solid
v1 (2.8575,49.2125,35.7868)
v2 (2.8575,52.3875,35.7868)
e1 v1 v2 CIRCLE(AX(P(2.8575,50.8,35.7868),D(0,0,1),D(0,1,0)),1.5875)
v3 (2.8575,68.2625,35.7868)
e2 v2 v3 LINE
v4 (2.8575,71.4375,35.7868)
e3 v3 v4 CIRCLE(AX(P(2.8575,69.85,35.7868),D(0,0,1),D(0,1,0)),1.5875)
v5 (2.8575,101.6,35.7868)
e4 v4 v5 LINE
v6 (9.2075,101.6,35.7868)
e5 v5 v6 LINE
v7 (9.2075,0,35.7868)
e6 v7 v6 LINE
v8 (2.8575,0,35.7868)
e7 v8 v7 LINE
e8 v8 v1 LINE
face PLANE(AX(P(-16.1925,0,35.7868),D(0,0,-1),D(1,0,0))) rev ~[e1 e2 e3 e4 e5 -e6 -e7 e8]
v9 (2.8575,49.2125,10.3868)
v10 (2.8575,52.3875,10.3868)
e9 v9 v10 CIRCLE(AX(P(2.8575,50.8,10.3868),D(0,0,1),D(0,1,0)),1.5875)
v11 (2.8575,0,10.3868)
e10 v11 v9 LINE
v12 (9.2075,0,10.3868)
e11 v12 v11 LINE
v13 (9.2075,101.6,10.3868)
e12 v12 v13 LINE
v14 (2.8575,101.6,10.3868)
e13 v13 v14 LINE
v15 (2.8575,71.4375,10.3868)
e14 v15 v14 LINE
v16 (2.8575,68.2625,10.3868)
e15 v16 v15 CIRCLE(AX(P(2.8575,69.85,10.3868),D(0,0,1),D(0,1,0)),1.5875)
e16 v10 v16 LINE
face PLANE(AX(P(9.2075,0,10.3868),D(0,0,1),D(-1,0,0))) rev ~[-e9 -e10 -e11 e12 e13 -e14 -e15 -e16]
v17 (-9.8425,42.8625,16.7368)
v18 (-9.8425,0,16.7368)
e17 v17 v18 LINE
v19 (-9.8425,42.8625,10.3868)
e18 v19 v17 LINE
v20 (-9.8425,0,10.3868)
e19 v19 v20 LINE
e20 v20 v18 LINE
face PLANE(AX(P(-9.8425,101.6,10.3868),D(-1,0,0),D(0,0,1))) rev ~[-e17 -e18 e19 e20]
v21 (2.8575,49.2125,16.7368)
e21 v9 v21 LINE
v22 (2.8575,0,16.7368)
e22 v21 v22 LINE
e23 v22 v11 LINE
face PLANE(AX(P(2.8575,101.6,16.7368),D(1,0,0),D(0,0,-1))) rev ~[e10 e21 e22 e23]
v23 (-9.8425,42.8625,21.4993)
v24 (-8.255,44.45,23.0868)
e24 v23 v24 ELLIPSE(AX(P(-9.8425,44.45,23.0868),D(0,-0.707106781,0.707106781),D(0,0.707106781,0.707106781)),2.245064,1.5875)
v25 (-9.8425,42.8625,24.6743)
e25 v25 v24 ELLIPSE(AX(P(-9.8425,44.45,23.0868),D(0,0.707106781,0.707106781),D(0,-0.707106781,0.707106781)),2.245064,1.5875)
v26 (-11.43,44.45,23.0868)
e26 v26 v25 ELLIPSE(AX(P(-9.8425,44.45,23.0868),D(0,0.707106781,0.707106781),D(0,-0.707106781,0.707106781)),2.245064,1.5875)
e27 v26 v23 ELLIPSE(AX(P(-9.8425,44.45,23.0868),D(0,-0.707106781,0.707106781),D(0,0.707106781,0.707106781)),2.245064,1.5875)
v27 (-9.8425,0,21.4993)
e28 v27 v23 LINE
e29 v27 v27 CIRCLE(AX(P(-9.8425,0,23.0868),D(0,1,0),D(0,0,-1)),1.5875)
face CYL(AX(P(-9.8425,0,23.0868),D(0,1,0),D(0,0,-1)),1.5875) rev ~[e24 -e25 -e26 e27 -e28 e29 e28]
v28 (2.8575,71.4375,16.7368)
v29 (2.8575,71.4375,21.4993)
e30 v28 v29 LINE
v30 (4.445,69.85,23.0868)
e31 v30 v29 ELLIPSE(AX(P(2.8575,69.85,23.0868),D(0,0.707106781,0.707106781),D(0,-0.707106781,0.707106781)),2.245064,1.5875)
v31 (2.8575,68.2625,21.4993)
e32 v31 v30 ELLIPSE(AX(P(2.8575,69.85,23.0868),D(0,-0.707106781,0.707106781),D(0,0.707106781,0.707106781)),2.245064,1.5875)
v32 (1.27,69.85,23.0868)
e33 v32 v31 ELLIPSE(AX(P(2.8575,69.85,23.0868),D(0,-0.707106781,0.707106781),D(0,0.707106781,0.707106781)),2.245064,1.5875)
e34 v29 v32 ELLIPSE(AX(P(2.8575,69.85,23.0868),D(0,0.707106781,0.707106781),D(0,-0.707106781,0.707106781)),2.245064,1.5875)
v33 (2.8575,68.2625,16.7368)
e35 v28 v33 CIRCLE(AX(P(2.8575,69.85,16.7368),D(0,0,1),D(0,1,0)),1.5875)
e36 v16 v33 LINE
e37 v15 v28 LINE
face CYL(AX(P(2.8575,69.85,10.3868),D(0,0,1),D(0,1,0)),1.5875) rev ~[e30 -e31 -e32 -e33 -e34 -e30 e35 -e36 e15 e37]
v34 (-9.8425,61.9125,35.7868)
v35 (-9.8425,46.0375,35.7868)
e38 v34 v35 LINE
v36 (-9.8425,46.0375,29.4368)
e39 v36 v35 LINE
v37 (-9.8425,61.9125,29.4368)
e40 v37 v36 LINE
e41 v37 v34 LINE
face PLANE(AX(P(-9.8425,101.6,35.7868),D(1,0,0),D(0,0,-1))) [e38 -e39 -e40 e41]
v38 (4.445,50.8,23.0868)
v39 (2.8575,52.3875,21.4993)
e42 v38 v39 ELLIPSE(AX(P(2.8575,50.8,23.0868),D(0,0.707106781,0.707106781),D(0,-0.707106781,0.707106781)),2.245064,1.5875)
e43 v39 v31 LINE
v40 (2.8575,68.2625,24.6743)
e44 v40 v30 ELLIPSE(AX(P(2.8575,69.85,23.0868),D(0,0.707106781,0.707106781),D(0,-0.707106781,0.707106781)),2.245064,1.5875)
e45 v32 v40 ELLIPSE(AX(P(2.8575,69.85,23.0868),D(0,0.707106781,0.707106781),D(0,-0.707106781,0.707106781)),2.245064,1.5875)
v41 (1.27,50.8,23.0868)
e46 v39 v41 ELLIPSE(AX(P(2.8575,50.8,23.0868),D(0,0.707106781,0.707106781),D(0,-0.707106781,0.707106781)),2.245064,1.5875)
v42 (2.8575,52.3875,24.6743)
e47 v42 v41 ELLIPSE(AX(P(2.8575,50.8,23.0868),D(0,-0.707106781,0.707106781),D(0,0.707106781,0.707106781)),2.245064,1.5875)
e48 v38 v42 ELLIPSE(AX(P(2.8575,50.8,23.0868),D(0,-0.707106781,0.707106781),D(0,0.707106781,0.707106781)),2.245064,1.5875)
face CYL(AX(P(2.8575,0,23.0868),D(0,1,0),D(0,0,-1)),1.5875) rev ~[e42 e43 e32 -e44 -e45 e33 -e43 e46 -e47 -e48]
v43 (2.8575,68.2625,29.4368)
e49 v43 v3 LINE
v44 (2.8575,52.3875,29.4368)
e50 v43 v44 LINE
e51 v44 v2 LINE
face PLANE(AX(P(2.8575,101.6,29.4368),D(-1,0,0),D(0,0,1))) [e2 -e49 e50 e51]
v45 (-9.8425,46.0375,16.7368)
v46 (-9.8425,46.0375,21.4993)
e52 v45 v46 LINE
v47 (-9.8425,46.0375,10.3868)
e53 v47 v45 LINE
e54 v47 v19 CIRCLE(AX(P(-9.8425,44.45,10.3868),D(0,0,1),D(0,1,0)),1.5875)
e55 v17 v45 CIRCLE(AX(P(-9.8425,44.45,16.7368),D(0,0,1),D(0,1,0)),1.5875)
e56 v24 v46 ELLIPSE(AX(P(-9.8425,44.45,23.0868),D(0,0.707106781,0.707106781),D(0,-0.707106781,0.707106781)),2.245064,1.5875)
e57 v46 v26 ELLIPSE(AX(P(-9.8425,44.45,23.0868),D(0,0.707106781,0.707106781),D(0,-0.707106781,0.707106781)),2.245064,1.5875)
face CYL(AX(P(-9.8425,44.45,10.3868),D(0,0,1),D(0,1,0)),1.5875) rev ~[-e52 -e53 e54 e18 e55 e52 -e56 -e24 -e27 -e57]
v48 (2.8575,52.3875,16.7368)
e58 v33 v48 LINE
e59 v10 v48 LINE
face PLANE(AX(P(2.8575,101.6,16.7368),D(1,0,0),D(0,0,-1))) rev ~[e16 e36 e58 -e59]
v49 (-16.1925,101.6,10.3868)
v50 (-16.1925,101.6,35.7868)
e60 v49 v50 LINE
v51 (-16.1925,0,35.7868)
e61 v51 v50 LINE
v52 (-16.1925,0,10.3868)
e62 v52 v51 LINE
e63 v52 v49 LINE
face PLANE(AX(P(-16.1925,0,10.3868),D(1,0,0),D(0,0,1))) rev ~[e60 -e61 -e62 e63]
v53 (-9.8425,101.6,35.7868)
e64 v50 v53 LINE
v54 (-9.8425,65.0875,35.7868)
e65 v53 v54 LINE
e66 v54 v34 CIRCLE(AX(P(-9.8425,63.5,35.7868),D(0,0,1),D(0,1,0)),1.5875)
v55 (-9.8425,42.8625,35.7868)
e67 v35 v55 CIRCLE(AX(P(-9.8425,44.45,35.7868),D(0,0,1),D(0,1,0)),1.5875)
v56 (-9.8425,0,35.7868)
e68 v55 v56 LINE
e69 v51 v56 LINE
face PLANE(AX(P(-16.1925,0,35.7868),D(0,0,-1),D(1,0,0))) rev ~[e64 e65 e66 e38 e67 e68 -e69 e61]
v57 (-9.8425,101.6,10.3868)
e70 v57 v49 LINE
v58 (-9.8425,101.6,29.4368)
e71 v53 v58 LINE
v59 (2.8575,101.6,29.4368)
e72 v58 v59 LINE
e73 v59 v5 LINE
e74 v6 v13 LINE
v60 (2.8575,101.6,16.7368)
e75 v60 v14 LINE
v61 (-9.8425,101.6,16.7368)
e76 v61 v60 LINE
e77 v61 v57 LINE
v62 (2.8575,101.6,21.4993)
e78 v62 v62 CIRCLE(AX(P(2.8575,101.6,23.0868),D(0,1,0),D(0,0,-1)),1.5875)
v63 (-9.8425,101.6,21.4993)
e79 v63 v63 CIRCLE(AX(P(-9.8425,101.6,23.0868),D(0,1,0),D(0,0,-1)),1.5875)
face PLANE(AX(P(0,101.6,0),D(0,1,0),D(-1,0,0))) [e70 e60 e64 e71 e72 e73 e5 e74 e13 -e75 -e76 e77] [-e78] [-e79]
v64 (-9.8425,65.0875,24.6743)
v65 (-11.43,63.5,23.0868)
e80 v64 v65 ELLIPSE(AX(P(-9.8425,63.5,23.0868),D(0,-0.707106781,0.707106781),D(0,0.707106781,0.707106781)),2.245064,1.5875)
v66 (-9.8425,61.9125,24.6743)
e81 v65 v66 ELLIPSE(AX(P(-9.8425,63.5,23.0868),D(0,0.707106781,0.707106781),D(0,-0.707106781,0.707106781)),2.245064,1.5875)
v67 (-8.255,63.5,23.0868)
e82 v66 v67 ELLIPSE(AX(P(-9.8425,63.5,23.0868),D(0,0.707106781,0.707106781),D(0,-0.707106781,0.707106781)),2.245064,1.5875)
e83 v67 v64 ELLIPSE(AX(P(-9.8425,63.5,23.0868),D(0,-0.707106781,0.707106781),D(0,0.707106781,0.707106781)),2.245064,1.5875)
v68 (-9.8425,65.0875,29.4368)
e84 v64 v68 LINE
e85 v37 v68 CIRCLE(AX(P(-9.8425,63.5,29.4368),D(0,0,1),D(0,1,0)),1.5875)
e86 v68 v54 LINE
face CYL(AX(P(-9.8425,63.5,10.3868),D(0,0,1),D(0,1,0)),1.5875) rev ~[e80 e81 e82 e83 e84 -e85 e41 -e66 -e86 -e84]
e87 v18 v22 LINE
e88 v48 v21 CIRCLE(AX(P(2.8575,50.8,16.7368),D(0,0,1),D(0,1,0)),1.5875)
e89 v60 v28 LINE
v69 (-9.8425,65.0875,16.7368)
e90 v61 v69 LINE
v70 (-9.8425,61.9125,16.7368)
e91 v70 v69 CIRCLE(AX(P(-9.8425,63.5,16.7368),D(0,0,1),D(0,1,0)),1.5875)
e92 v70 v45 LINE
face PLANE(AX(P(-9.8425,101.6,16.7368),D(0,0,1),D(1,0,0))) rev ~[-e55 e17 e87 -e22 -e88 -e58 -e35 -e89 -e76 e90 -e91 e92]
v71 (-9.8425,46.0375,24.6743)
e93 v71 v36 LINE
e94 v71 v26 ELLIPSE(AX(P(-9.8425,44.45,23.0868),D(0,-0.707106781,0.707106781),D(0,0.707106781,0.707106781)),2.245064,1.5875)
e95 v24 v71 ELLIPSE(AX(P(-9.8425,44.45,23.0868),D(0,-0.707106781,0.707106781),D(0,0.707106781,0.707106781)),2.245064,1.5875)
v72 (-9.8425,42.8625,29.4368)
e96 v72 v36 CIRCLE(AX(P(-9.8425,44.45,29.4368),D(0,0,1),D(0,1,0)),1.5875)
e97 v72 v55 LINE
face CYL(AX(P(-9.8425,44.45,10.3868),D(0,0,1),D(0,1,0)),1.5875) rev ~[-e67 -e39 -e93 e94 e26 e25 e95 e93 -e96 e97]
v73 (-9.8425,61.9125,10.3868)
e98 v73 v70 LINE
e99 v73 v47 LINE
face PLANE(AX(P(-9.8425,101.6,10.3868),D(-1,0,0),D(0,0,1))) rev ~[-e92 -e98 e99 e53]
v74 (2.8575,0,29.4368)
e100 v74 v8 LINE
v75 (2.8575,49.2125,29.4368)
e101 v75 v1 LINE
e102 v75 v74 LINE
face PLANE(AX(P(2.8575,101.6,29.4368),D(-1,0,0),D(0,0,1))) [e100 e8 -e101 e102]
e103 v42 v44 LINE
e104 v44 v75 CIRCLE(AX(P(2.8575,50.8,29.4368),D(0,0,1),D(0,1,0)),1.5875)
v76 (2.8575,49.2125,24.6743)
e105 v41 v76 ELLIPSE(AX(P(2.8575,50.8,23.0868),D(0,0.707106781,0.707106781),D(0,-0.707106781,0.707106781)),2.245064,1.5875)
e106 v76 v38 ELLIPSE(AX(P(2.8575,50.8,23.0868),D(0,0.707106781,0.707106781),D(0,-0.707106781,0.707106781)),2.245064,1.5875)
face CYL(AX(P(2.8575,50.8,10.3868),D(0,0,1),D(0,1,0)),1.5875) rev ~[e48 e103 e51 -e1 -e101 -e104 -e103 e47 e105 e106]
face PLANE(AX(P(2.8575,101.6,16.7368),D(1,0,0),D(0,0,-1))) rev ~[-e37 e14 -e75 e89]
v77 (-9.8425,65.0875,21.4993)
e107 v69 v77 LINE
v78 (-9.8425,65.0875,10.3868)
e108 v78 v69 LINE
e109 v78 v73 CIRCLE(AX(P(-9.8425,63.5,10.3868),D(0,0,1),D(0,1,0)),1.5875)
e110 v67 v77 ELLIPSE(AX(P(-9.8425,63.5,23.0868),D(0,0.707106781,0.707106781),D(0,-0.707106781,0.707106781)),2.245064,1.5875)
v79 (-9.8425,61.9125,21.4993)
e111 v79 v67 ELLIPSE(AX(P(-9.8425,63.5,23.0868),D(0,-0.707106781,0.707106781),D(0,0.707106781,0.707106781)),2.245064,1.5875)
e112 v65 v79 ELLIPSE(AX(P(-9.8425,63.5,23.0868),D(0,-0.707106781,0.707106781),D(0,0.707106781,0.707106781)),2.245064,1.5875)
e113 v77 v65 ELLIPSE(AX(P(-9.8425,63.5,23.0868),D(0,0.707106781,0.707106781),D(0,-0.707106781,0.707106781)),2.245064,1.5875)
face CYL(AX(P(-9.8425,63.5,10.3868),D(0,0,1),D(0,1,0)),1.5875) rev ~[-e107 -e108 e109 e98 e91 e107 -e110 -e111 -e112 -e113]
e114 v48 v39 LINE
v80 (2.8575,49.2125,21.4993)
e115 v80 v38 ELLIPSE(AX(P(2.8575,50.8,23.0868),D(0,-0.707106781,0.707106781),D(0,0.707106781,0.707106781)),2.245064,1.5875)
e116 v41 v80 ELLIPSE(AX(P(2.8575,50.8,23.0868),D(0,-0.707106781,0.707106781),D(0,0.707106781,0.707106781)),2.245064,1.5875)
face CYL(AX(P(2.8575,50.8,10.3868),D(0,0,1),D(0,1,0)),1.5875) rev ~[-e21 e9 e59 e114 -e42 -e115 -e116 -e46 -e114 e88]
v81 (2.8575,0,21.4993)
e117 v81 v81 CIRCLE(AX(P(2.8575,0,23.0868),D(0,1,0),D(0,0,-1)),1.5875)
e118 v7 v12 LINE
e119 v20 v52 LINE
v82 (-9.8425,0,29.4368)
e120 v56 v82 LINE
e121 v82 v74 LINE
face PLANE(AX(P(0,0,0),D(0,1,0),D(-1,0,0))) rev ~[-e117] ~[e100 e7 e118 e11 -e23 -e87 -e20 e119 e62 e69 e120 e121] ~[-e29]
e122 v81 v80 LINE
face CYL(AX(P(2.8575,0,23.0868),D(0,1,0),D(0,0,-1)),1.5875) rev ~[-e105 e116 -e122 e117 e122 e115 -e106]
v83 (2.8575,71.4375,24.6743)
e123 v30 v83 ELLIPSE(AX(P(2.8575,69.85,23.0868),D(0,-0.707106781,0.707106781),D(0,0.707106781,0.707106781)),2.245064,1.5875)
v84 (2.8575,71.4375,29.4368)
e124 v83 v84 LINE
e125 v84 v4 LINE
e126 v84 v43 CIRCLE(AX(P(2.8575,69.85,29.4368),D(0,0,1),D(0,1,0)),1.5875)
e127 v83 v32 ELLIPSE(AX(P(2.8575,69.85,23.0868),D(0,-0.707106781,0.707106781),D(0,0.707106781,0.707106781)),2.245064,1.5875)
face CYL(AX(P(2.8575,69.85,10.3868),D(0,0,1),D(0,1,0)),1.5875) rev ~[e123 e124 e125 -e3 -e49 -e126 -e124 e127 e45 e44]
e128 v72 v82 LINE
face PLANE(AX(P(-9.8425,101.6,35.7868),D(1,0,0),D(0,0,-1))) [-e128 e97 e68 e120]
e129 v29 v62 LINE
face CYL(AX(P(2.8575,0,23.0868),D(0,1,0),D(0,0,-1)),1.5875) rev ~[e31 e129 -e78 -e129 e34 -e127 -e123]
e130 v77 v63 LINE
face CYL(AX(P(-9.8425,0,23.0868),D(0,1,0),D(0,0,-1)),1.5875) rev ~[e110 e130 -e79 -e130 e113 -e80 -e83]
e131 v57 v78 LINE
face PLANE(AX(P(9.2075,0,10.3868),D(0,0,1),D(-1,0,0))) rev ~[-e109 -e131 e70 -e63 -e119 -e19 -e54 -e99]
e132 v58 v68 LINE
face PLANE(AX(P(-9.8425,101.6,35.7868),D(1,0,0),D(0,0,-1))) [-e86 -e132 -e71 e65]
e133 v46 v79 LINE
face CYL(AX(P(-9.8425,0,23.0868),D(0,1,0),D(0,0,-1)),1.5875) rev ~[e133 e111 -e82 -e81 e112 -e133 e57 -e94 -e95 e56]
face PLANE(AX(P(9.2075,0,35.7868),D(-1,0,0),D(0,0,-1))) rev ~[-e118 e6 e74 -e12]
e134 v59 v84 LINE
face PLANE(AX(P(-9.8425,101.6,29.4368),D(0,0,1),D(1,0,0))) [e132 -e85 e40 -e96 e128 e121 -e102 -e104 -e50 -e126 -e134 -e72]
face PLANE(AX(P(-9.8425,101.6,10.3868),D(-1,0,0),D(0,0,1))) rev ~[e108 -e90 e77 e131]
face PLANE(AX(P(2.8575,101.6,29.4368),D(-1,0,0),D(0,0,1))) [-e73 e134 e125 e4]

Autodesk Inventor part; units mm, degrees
ref_plane "YZ Plane" through (0, 0, 0) normal (1, 0, 0) x (0, 1, 0)
ref_plane "XZ Plane" through (0, 0, 0) normal (0, 1, 0) x (-1, 0, 0)
ref_plane "XY Plane" through (0, 0, 0) normal (0, 0, 1) x (1, 0, 0)
sketch "Sketch1" plane through (0, 0, 0) normal (0, 1, 0) x (-1, 0, 0)
  line L0 (16.1925, 35.7868) -> (-9.2075, 35.7868)
  line L1 (-9.2075, 35.7868) -> (-9.2075, 10.3868)
  line L2 (-9.2075, 10.3868) -> (16.1925, 10.3868)
  line L3 (16.1925, 10.3868) -> (16.1925, 35.7868)
  point P0 (0, 0)
  dimension "d0" = 25.4
  dimension "d1" = 25.4
extrude "Extrusion1" add sketch "Sketch1" along normal blind 101.6
sketch "Sketch2" plane through (0, 101.6, 0) normal (0, 1, 0) x (1, 0, 0)
  line L0 (-9.8425, -16.7368) -> (2.8575, -16.7368)
  line L1 (2.8575, -16.7368) -> (2.8575, -1.003)
  line L2 (2.8575, -1.003) -> (-9.8425, -1.003)
  line L3 (-9.8425, -1.003) -> (-9.8425, -16.7368)
  line L4 (9.2075, -35.7868) -> (9.2075, -10.3868) projected
  line L5 (-16.1925, -10.3868) -> (-16.1925, -35.7868) projected
  line L6 (9.2075, -10.3868) -> (-16.1925, -10.3868) projected
  point P0 (0, 0)
  dimension "d4" = 6.35
  dimension "d5" = 6.35
  dimension "d6" = 6.35
extrude "Extrusion2" cut sketch "Sketch2" against normal blind 508
sketch "Sketch4" plane through (0, 101.6, 0) normal (0, 1, 0) x (1, 0, 0)
  line L0 (-9.8425, -29.4368) -> (2.8575, -29.4368)
  line L1 (2.8575, -29.4368) -> (2.8575, -45.8861)
  line L2 (2.8575, -45.8861) -> (-9.8425, -45.8861)
  line L3 (-9.8425, -45.8861) -> (-9.8425, -29.4368)
  line L4 (-16.1925, -10.3868) -> (-16.1925, -35.7868) projected
  line L5 (9.2075, -35.7868) -> (9.2075, -10.3868) projected
  line L6 (-16.1925, -35.7868) -> (9.2075, -35.7868) projected
  point P0 (0, 0)
  dimension "d20" = 6.35
  dimension "d21" = 6.35
  dimension "d22" = 6.35
extrude "Extrusion3" cut sketch "Sketch4" against normal blind 508
sketch "Sketch5" plane through (9.2075, 0, 10.3868) normal (0, 0, -1) x (-1, 0, 0)
  line L0 (0, 0) -> (6.35, 0) projected
  line L1 (0, 0) -> (0, 101.6) projected
  line L2 (25.4, 0) -> (25.4, 101.6) projected
  line L3 (19.05, 0) -> (25.4, 0) projected
  point P0 (9.2075, 0)
  point P1 (19.05, 44.45)
  point P2 (6.35, 50.8)
  dimension "d25" = 50.8
  dimension "d27" = 6.35
  dimension "d28" = 44.45
  dimension "d60" = 19.05
hole "Hole2" at (-9.8425, 44.45, 10.3868) at (2.8575, 50.8, 10.3868) direction (0, 0, 1) diameter 3.175 end through all
sketch "Sketch6" plane through (-16.1925, 0, 10.3868) normal (0, 0, -1) x (-1, 0, 0)
  line L0 (-6.35, 101.6) -> (-6.35, 46.0375) projected
  line L1 (-25.4, 101.6) -> (-19.05, 101.6) projected
  line L2 (-25.4, 0) -> (-25.4, 101.6) projected
  line L3 (-6.35, 101.6) -> (0, 101.6) projected
  line L4 (0, 0) -> (0, 101.6) projected
  arc A0 (-19.05, 49.2125) -> (-19.05, 52.3875) centre (-19.05, 50.8) ccw projected
  arc A1 (-6.35, 46.0375) -> (-6.35, 42.8625) centre (-6.35, 44.45) ccw projected
  point P0 (-16.1925, 0)
  point P1 (-19.05, 69.85)
  point P2 (-6.35, 63.5)
  dimension "d58" = 6.35
  dimension "d59" = 19.05
  dimension "d61" = 19.05
  dimension "d62" = 19.05
hole "Hole3" at (2.8575, 69.85, 10.3868) at (-9.8425, 63.5, 10.3868) direction (0, 0, 1) diameter 3.175 end through all
sketch "Sketch7" plane through (0, 0, 0) normal (0, -1, 0) x (1, 0, 0)
  line L0 (2.8575, 35.7868) -> (9.2075, 35.7868) projected
  line L1 (9.2075, 35.7868) -> (9.2075, 10.3868) projected
  line L2 (-16.1925, 10.3868) -> (-16.1925, 35.7868) projected
  line L3 (-16.1925, 35.7868) -> (-9.8425, 35.7868) projected
  point P0 (0, 0)
  point P1 (-9.8425, 23.0868)
  point P2 (2.8575, 23.0868)
  dimension "d47" = 12.7
  dimension "d48" = 6.35
  dimension "d49" = 6.35
  dimension "d50" = 12.7
hole "Hole4" at (-9.8425, 0, 23.0868) at (2.8575, 0, 23.0868) direction (0, 1, 0) diameter 3.175 end through all
properties part number "CarrierBeam"
